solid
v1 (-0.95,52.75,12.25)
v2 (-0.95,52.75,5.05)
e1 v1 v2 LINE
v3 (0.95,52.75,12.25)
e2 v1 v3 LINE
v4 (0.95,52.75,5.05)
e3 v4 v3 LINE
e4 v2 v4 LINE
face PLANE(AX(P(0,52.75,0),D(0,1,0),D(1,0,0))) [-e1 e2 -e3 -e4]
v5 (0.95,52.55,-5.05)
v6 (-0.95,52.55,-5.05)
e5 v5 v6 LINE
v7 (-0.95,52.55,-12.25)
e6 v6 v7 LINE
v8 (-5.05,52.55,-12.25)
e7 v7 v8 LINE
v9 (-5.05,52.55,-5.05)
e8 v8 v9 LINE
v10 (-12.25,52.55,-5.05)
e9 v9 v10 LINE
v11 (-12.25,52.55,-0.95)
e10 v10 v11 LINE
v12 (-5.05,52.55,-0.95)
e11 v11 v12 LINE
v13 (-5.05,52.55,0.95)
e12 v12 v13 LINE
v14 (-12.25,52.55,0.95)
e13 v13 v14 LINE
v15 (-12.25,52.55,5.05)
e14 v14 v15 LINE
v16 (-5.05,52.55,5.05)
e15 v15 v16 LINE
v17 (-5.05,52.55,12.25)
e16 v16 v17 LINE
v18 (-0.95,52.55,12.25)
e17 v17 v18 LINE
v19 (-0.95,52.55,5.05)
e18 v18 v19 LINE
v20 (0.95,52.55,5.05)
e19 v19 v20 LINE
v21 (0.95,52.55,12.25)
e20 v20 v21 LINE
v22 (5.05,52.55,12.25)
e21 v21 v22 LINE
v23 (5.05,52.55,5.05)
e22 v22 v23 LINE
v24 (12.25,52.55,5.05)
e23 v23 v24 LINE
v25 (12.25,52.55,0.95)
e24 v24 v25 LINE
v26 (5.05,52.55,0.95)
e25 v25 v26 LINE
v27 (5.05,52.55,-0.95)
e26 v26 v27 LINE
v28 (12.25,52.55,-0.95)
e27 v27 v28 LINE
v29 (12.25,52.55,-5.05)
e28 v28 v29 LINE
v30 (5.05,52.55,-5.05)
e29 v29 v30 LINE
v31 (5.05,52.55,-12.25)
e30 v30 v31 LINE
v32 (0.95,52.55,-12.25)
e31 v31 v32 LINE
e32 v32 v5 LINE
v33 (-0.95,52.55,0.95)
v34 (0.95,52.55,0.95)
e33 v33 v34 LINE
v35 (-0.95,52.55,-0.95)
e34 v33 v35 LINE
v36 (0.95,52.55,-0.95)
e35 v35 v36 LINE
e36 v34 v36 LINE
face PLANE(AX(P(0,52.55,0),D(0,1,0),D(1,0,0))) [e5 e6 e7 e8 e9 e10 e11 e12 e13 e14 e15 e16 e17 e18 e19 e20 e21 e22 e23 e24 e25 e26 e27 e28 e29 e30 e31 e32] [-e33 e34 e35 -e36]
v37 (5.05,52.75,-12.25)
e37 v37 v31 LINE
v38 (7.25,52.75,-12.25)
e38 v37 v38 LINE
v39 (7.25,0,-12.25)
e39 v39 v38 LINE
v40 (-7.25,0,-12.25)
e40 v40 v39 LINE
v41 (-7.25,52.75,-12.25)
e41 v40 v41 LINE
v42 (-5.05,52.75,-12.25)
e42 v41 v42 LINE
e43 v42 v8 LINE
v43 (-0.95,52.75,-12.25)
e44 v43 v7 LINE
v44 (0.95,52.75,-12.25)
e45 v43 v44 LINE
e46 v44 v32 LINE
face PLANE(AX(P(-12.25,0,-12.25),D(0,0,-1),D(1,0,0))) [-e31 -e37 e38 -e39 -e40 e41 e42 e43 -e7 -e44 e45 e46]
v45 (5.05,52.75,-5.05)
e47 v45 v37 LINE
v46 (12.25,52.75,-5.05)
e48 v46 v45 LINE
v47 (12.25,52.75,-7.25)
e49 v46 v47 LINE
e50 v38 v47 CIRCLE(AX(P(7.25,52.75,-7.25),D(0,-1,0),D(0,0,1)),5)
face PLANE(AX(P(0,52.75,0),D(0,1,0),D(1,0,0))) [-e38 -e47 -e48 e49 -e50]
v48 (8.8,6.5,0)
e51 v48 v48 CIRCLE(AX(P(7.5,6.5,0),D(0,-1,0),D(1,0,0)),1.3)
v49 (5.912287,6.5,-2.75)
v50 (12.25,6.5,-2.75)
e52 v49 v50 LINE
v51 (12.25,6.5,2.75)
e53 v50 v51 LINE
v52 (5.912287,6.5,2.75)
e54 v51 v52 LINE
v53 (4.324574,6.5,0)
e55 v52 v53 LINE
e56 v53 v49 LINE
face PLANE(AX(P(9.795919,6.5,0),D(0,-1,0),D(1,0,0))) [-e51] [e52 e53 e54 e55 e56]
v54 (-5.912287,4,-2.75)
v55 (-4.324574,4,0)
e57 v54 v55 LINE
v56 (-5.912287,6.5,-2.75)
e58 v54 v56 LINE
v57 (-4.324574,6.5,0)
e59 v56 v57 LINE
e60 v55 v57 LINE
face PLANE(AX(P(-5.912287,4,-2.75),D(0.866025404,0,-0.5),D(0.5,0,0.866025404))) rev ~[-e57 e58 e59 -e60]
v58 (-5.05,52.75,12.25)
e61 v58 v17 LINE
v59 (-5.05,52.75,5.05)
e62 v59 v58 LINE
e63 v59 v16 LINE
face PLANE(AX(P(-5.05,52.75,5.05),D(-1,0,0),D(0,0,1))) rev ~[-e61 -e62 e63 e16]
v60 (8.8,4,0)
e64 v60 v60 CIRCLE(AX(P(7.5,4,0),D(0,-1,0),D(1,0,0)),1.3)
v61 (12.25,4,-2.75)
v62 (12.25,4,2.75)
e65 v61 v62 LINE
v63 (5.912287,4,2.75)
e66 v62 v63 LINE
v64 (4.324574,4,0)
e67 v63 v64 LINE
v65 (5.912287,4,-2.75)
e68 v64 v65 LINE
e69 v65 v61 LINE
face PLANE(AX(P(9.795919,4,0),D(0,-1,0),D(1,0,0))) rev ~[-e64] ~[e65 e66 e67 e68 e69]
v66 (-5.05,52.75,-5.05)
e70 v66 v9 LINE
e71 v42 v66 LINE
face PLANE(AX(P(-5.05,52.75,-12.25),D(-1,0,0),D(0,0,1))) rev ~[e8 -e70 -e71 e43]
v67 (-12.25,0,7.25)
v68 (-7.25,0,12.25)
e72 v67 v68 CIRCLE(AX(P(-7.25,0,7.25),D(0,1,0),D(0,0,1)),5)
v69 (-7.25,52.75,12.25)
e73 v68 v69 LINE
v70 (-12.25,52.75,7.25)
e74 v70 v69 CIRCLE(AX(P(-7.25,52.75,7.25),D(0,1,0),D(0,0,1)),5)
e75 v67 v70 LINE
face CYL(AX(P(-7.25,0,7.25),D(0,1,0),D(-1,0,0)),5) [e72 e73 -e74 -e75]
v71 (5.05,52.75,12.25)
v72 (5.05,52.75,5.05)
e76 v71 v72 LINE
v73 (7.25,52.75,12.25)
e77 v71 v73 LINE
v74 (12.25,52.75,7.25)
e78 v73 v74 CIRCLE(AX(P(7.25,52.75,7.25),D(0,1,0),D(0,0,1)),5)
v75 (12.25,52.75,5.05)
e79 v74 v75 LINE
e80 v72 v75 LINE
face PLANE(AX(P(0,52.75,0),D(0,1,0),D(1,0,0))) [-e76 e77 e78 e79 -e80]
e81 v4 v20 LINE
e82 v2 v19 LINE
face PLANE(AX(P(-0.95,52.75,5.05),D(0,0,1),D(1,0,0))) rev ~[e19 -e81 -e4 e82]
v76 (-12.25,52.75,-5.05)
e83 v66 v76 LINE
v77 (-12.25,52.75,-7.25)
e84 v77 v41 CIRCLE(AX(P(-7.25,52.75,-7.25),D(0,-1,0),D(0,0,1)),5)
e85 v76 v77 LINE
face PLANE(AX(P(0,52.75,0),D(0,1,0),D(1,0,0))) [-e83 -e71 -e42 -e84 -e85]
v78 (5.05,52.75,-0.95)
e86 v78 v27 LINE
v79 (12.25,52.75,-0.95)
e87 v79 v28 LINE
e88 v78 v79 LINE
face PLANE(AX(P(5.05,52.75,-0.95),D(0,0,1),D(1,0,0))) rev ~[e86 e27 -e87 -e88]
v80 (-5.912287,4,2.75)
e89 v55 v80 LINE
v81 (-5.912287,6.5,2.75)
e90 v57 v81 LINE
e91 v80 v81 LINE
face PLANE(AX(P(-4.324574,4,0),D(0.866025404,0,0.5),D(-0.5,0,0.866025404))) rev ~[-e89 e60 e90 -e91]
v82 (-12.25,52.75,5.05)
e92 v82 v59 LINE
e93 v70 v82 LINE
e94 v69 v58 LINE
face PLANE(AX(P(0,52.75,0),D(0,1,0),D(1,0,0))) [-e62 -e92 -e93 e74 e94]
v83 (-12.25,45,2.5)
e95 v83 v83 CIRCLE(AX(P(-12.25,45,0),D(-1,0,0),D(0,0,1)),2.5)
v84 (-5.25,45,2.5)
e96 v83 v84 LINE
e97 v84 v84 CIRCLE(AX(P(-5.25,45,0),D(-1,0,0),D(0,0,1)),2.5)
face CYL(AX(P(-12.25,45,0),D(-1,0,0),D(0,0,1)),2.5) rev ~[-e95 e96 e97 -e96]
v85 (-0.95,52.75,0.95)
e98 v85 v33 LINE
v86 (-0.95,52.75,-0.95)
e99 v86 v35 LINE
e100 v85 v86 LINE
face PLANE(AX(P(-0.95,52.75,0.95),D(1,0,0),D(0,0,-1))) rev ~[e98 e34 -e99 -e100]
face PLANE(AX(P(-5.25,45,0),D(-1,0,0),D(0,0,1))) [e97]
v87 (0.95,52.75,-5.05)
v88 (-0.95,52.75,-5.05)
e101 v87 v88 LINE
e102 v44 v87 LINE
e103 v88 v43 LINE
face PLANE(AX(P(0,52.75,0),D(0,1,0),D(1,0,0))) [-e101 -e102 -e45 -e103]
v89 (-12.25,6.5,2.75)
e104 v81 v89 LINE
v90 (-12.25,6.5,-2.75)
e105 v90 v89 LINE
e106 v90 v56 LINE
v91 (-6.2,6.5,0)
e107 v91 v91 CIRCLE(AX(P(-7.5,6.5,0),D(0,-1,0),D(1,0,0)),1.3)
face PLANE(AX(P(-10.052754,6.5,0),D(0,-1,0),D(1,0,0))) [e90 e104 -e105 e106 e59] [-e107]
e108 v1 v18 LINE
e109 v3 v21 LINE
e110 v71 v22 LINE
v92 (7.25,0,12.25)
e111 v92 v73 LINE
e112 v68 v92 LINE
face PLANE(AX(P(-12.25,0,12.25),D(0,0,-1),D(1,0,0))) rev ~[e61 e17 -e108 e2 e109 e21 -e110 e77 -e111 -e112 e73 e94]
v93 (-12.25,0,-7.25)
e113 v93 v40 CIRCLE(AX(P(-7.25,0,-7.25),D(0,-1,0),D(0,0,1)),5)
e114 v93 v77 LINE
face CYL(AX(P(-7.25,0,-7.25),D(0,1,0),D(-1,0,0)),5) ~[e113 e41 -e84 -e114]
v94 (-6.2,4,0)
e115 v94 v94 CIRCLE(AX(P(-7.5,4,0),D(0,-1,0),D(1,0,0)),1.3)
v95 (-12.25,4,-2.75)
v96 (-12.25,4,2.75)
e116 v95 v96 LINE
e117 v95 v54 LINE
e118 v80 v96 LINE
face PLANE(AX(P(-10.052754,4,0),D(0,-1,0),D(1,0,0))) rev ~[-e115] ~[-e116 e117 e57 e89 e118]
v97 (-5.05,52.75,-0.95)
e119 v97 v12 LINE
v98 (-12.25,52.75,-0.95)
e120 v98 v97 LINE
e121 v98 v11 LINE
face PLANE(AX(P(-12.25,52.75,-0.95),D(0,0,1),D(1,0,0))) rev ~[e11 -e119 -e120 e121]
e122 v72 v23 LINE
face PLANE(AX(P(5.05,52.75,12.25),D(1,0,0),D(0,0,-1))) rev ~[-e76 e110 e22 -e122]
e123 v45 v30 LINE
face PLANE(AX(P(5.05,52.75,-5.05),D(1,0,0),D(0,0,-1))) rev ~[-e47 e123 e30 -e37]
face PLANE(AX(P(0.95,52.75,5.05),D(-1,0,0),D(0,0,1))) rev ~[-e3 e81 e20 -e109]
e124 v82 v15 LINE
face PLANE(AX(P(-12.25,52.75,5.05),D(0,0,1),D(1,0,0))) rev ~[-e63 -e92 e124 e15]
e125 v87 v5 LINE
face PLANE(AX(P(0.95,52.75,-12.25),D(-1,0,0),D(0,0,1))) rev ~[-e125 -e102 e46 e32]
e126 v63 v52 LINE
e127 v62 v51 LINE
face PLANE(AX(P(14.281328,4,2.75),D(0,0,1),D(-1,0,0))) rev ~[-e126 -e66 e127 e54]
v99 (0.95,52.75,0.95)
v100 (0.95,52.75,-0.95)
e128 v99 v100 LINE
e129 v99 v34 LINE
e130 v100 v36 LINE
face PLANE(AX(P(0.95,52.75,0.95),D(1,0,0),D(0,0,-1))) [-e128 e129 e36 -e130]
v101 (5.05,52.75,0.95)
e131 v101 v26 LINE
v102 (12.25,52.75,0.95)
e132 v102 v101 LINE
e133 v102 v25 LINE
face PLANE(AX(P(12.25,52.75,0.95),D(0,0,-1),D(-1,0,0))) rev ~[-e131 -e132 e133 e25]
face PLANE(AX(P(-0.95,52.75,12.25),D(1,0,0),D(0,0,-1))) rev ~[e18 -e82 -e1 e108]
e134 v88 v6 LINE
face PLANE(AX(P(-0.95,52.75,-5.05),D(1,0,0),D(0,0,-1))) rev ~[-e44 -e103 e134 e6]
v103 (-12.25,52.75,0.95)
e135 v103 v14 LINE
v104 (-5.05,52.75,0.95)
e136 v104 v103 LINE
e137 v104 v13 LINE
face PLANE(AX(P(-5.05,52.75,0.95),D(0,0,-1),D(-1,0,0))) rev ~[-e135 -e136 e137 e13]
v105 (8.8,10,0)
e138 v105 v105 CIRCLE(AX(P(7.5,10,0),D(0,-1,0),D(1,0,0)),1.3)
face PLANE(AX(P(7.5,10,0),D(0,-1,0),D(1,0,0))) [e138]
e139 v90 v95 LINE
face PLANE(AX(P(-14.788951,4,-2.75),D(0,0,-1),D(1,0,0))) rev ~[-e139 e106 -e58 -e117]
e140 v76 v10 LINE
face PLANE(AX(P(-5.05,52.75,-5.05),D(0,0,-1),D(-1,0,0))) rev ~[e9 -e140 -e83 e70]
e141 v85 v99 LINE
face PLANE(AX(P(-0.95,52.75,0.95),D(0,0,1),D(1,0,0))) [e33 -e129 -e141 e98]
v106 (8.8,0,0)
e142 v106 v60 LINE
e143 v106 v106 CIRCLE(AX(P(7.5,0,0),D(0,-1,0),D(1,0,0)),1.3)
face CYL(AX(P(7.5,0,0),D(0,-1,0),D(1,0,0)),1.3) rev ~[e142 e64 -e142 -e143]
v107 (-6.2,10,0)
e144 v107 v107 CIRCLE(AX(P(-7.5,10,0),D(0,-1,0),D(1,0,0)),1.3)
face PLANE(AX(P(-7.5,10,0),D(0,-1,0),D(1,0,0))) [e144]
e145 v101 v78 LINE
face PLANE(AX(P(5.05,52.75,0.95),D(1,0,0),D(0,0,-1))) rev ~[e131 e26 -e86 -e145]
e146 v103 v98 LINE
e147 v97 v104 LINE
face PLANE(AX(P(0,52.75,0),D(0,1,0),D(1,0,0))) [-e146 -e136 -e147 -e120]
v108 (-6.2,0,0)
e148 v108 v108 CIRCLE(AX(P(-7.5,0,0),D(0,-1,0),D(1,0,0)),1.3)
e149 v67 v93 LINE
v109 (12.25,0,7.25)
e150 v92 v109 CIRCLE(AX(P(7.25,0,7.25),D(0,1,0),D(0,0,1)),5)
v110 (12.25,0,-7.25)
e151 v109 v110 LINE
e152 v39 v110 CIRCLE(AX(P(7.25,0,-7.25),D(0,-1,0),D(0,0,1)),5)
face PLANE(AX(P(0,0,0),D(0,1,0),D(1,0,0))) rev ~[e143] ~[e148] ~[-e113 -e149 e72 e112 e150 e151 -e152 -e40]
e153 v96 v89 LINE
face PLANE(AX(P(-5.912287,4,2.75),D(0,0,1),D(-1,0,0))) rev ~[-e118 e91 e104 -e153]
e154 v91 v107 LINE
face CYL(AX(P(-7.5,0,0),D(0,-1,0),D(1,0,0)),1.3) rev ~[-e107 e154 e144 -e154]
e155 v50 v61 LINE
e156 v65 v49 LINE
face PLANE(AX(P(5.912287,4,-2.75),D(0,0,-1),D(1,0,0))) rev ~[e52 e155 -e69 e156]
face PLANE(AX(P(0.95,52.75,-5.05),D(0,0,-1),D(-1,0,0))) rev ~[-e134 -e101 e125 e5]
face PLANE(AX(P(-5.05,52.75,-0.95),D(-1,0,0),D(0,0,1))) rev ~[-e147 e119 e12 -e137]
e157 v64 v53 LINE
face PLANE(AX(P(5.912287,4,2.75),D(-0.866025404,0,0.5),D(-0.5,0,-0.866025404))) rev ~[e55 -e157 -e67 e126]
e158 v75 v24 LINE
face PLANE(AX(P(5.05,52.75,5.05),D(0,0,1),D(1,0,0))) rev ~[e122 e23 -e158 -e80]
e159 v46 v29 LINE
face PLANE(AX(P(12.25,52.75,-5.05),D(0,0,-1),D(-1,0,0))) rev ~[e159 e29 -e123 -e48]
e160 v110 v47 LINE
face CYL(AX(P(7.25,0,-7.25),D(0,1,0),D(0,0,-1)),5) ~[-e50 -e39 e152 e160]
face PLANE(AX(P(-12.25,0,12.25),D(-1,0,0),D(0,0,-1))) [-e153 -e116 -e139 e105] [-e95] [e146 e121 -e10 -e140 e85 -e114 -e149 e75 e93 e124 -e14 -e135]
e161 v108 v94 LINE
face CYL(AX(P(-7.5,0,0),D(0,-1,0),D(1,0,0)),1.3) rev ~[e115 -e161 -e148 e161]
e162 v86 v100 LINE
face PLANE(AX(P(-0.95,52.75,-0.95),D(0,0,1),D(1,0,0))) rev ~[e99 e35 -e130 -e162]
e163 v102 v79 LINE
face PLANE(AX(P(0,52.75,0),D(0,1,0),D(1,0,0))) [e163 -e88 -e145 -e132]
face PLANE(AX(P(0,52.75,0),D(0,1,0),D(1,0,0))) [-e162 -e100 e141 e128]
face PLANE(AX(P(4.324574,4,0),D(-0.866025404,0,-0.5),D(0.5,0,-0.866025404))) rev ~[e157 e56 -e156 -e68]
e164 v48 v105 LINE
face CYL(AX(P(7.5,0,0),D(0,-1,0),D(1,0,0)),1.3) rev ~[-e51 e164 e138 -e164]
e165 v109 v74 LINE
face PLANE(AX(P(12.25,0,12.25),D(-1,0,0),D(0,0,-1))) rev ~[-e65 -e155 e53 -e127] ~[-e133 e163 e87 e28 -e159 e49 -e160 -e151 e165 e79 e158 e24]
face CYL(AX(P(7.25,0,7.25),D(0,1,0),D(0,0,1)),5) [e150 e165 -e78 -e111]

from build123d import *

# Parameters (mm, degrees)
SKETCH1_W           = 24.5
SKETCH1_H           = 24.5
BOSS_EXTRUDE1_DEPTH = 52.75
SKETCH3_R           = 1.3
CUT_EXTRUDE1_DEPTH  = 10
SKETCH4_W           = 1.9
SKETCH4_H           = 1.9
CUT_EXTRUDE2_DEPTH  = 0.2
FILLET1_R           = 5
CUT_EXTRUDE3_START  = -4
CUT_EXTRUDE3_DEPTH  = 2.5
SKETCH6_R           = 2.5
CUT_EXTRUDE4_DEPTH  = 7


with BuildPart() as part:
    # Sketch1 → Boss-Extrude1 (new body)
    with BuildSketch(Plane(origin=(0, 0, 0), x_dir=(1, 0, 0), z_dir=(0, 1, 0))):
        Rectangle(SKETCH1_W, SKETCH1_H)
    extrude(amount=BOSS_EXTRUDE1_DEPTH)

    # Sketch3 → Cut-Extrude1 (cut)
    with BuildSketch(Plane.XZ):
        with Locations((-7.5, 0)):
            Circle(SKETCH3_R)
        with Locations((7.5, 0)):
            Circle(SKETCH3_R)
    extrude(amount=-CUT_EXTRUDE1_DEPTH, mode=Mode.SUBTRACT)

    # Sketch4 → Cut-Extrude2 (cut)
    with BuildSketch(Plane(origin=(0, 52.75, 0), x_dir=(1, 0, 0), z_dir=(0, 1, 0))):
        Polygon((0.95, 12.25), (0.95, 5.05), (-0.95, 5.05), (-0.95, 12.25), (-5.05, 12.25), (-5.05, 5.05), (-12.25, 5.05), (-12.25, 0.95), (-5.05, 0.95), (-5.05, -0.95), (-12.25, -0.95), (-12.25, -5.05), (-5.05, -5.05), (-5.05, -12.25), (-0.95, -12.25), (-0.95, -5.05), (0.95, -5.05), (0.95, -12.25), (5.05, -12.25), (5.05, -5.05), (12.25, -5.05), (12.25, -0.95), (5.05, -0.95), (5.05, 0.95), (12.25, 0.95), (12.25, 5.05), (5.05, 5.05), (5.05, 12.25), align=None)
        Rectangle(SKETCH4_W, SKETCH4_H, mode=Mode.SUBTRACT)
    extrude(amount=-CUT_EXTRUDE2_DEPTH, mode=Mode.SUBTRACT)

    # Fillet1
    fillet1_edges = [part.edges().sort_by_distance(p)[0] for p in [
        (12.25, 26.375, 12.25),
        (-12.25, 26.375, 12.25),
        (-12.25, 26.375, -12.25),
        (12.25, 26.375, -12.25),
    ]]
    fillet(fillet1_edges, radius=FILLET1_R)

    # Sketch5 → Cut-Extrude3 (cut)
    with BuildSketch(Plane.XZ.offset(CUT_EXTRUDE3_START)):
        Polygon((-9.08771324, -2.75), (-5.91228676, -2.75), (-4.324573519, 0), (-5.91228676, 2.75), (-9.08771324, 2.75), (-14.788950872, 2.75), (-14.788950872, -2.75), align=None)
        Polygon((9.08771324, 2.75), (5.91228676, 2.75), (4.324573519, 0), (5.91228676, -2.75), (9.08771324, -2.75), (14.28132796, -2.75), (14.28132796, 2.75), align=None)
    extrude(amount=-CUT_EXTRUDE3_DEPTH, mode=Mode.SUBTRACT)

    # Sketch6 → Cut-Extrude4 (cut)
    with BuildSketch(Plane.ZY.offset(12.25)):
        with Locations((0, 45)):
            Circle(SKETCH6_R)
    extrude(amount=-CUT_EXTRUDE4_DEPTH, mode=Mode.SUBTRACT)


solid = part.part
